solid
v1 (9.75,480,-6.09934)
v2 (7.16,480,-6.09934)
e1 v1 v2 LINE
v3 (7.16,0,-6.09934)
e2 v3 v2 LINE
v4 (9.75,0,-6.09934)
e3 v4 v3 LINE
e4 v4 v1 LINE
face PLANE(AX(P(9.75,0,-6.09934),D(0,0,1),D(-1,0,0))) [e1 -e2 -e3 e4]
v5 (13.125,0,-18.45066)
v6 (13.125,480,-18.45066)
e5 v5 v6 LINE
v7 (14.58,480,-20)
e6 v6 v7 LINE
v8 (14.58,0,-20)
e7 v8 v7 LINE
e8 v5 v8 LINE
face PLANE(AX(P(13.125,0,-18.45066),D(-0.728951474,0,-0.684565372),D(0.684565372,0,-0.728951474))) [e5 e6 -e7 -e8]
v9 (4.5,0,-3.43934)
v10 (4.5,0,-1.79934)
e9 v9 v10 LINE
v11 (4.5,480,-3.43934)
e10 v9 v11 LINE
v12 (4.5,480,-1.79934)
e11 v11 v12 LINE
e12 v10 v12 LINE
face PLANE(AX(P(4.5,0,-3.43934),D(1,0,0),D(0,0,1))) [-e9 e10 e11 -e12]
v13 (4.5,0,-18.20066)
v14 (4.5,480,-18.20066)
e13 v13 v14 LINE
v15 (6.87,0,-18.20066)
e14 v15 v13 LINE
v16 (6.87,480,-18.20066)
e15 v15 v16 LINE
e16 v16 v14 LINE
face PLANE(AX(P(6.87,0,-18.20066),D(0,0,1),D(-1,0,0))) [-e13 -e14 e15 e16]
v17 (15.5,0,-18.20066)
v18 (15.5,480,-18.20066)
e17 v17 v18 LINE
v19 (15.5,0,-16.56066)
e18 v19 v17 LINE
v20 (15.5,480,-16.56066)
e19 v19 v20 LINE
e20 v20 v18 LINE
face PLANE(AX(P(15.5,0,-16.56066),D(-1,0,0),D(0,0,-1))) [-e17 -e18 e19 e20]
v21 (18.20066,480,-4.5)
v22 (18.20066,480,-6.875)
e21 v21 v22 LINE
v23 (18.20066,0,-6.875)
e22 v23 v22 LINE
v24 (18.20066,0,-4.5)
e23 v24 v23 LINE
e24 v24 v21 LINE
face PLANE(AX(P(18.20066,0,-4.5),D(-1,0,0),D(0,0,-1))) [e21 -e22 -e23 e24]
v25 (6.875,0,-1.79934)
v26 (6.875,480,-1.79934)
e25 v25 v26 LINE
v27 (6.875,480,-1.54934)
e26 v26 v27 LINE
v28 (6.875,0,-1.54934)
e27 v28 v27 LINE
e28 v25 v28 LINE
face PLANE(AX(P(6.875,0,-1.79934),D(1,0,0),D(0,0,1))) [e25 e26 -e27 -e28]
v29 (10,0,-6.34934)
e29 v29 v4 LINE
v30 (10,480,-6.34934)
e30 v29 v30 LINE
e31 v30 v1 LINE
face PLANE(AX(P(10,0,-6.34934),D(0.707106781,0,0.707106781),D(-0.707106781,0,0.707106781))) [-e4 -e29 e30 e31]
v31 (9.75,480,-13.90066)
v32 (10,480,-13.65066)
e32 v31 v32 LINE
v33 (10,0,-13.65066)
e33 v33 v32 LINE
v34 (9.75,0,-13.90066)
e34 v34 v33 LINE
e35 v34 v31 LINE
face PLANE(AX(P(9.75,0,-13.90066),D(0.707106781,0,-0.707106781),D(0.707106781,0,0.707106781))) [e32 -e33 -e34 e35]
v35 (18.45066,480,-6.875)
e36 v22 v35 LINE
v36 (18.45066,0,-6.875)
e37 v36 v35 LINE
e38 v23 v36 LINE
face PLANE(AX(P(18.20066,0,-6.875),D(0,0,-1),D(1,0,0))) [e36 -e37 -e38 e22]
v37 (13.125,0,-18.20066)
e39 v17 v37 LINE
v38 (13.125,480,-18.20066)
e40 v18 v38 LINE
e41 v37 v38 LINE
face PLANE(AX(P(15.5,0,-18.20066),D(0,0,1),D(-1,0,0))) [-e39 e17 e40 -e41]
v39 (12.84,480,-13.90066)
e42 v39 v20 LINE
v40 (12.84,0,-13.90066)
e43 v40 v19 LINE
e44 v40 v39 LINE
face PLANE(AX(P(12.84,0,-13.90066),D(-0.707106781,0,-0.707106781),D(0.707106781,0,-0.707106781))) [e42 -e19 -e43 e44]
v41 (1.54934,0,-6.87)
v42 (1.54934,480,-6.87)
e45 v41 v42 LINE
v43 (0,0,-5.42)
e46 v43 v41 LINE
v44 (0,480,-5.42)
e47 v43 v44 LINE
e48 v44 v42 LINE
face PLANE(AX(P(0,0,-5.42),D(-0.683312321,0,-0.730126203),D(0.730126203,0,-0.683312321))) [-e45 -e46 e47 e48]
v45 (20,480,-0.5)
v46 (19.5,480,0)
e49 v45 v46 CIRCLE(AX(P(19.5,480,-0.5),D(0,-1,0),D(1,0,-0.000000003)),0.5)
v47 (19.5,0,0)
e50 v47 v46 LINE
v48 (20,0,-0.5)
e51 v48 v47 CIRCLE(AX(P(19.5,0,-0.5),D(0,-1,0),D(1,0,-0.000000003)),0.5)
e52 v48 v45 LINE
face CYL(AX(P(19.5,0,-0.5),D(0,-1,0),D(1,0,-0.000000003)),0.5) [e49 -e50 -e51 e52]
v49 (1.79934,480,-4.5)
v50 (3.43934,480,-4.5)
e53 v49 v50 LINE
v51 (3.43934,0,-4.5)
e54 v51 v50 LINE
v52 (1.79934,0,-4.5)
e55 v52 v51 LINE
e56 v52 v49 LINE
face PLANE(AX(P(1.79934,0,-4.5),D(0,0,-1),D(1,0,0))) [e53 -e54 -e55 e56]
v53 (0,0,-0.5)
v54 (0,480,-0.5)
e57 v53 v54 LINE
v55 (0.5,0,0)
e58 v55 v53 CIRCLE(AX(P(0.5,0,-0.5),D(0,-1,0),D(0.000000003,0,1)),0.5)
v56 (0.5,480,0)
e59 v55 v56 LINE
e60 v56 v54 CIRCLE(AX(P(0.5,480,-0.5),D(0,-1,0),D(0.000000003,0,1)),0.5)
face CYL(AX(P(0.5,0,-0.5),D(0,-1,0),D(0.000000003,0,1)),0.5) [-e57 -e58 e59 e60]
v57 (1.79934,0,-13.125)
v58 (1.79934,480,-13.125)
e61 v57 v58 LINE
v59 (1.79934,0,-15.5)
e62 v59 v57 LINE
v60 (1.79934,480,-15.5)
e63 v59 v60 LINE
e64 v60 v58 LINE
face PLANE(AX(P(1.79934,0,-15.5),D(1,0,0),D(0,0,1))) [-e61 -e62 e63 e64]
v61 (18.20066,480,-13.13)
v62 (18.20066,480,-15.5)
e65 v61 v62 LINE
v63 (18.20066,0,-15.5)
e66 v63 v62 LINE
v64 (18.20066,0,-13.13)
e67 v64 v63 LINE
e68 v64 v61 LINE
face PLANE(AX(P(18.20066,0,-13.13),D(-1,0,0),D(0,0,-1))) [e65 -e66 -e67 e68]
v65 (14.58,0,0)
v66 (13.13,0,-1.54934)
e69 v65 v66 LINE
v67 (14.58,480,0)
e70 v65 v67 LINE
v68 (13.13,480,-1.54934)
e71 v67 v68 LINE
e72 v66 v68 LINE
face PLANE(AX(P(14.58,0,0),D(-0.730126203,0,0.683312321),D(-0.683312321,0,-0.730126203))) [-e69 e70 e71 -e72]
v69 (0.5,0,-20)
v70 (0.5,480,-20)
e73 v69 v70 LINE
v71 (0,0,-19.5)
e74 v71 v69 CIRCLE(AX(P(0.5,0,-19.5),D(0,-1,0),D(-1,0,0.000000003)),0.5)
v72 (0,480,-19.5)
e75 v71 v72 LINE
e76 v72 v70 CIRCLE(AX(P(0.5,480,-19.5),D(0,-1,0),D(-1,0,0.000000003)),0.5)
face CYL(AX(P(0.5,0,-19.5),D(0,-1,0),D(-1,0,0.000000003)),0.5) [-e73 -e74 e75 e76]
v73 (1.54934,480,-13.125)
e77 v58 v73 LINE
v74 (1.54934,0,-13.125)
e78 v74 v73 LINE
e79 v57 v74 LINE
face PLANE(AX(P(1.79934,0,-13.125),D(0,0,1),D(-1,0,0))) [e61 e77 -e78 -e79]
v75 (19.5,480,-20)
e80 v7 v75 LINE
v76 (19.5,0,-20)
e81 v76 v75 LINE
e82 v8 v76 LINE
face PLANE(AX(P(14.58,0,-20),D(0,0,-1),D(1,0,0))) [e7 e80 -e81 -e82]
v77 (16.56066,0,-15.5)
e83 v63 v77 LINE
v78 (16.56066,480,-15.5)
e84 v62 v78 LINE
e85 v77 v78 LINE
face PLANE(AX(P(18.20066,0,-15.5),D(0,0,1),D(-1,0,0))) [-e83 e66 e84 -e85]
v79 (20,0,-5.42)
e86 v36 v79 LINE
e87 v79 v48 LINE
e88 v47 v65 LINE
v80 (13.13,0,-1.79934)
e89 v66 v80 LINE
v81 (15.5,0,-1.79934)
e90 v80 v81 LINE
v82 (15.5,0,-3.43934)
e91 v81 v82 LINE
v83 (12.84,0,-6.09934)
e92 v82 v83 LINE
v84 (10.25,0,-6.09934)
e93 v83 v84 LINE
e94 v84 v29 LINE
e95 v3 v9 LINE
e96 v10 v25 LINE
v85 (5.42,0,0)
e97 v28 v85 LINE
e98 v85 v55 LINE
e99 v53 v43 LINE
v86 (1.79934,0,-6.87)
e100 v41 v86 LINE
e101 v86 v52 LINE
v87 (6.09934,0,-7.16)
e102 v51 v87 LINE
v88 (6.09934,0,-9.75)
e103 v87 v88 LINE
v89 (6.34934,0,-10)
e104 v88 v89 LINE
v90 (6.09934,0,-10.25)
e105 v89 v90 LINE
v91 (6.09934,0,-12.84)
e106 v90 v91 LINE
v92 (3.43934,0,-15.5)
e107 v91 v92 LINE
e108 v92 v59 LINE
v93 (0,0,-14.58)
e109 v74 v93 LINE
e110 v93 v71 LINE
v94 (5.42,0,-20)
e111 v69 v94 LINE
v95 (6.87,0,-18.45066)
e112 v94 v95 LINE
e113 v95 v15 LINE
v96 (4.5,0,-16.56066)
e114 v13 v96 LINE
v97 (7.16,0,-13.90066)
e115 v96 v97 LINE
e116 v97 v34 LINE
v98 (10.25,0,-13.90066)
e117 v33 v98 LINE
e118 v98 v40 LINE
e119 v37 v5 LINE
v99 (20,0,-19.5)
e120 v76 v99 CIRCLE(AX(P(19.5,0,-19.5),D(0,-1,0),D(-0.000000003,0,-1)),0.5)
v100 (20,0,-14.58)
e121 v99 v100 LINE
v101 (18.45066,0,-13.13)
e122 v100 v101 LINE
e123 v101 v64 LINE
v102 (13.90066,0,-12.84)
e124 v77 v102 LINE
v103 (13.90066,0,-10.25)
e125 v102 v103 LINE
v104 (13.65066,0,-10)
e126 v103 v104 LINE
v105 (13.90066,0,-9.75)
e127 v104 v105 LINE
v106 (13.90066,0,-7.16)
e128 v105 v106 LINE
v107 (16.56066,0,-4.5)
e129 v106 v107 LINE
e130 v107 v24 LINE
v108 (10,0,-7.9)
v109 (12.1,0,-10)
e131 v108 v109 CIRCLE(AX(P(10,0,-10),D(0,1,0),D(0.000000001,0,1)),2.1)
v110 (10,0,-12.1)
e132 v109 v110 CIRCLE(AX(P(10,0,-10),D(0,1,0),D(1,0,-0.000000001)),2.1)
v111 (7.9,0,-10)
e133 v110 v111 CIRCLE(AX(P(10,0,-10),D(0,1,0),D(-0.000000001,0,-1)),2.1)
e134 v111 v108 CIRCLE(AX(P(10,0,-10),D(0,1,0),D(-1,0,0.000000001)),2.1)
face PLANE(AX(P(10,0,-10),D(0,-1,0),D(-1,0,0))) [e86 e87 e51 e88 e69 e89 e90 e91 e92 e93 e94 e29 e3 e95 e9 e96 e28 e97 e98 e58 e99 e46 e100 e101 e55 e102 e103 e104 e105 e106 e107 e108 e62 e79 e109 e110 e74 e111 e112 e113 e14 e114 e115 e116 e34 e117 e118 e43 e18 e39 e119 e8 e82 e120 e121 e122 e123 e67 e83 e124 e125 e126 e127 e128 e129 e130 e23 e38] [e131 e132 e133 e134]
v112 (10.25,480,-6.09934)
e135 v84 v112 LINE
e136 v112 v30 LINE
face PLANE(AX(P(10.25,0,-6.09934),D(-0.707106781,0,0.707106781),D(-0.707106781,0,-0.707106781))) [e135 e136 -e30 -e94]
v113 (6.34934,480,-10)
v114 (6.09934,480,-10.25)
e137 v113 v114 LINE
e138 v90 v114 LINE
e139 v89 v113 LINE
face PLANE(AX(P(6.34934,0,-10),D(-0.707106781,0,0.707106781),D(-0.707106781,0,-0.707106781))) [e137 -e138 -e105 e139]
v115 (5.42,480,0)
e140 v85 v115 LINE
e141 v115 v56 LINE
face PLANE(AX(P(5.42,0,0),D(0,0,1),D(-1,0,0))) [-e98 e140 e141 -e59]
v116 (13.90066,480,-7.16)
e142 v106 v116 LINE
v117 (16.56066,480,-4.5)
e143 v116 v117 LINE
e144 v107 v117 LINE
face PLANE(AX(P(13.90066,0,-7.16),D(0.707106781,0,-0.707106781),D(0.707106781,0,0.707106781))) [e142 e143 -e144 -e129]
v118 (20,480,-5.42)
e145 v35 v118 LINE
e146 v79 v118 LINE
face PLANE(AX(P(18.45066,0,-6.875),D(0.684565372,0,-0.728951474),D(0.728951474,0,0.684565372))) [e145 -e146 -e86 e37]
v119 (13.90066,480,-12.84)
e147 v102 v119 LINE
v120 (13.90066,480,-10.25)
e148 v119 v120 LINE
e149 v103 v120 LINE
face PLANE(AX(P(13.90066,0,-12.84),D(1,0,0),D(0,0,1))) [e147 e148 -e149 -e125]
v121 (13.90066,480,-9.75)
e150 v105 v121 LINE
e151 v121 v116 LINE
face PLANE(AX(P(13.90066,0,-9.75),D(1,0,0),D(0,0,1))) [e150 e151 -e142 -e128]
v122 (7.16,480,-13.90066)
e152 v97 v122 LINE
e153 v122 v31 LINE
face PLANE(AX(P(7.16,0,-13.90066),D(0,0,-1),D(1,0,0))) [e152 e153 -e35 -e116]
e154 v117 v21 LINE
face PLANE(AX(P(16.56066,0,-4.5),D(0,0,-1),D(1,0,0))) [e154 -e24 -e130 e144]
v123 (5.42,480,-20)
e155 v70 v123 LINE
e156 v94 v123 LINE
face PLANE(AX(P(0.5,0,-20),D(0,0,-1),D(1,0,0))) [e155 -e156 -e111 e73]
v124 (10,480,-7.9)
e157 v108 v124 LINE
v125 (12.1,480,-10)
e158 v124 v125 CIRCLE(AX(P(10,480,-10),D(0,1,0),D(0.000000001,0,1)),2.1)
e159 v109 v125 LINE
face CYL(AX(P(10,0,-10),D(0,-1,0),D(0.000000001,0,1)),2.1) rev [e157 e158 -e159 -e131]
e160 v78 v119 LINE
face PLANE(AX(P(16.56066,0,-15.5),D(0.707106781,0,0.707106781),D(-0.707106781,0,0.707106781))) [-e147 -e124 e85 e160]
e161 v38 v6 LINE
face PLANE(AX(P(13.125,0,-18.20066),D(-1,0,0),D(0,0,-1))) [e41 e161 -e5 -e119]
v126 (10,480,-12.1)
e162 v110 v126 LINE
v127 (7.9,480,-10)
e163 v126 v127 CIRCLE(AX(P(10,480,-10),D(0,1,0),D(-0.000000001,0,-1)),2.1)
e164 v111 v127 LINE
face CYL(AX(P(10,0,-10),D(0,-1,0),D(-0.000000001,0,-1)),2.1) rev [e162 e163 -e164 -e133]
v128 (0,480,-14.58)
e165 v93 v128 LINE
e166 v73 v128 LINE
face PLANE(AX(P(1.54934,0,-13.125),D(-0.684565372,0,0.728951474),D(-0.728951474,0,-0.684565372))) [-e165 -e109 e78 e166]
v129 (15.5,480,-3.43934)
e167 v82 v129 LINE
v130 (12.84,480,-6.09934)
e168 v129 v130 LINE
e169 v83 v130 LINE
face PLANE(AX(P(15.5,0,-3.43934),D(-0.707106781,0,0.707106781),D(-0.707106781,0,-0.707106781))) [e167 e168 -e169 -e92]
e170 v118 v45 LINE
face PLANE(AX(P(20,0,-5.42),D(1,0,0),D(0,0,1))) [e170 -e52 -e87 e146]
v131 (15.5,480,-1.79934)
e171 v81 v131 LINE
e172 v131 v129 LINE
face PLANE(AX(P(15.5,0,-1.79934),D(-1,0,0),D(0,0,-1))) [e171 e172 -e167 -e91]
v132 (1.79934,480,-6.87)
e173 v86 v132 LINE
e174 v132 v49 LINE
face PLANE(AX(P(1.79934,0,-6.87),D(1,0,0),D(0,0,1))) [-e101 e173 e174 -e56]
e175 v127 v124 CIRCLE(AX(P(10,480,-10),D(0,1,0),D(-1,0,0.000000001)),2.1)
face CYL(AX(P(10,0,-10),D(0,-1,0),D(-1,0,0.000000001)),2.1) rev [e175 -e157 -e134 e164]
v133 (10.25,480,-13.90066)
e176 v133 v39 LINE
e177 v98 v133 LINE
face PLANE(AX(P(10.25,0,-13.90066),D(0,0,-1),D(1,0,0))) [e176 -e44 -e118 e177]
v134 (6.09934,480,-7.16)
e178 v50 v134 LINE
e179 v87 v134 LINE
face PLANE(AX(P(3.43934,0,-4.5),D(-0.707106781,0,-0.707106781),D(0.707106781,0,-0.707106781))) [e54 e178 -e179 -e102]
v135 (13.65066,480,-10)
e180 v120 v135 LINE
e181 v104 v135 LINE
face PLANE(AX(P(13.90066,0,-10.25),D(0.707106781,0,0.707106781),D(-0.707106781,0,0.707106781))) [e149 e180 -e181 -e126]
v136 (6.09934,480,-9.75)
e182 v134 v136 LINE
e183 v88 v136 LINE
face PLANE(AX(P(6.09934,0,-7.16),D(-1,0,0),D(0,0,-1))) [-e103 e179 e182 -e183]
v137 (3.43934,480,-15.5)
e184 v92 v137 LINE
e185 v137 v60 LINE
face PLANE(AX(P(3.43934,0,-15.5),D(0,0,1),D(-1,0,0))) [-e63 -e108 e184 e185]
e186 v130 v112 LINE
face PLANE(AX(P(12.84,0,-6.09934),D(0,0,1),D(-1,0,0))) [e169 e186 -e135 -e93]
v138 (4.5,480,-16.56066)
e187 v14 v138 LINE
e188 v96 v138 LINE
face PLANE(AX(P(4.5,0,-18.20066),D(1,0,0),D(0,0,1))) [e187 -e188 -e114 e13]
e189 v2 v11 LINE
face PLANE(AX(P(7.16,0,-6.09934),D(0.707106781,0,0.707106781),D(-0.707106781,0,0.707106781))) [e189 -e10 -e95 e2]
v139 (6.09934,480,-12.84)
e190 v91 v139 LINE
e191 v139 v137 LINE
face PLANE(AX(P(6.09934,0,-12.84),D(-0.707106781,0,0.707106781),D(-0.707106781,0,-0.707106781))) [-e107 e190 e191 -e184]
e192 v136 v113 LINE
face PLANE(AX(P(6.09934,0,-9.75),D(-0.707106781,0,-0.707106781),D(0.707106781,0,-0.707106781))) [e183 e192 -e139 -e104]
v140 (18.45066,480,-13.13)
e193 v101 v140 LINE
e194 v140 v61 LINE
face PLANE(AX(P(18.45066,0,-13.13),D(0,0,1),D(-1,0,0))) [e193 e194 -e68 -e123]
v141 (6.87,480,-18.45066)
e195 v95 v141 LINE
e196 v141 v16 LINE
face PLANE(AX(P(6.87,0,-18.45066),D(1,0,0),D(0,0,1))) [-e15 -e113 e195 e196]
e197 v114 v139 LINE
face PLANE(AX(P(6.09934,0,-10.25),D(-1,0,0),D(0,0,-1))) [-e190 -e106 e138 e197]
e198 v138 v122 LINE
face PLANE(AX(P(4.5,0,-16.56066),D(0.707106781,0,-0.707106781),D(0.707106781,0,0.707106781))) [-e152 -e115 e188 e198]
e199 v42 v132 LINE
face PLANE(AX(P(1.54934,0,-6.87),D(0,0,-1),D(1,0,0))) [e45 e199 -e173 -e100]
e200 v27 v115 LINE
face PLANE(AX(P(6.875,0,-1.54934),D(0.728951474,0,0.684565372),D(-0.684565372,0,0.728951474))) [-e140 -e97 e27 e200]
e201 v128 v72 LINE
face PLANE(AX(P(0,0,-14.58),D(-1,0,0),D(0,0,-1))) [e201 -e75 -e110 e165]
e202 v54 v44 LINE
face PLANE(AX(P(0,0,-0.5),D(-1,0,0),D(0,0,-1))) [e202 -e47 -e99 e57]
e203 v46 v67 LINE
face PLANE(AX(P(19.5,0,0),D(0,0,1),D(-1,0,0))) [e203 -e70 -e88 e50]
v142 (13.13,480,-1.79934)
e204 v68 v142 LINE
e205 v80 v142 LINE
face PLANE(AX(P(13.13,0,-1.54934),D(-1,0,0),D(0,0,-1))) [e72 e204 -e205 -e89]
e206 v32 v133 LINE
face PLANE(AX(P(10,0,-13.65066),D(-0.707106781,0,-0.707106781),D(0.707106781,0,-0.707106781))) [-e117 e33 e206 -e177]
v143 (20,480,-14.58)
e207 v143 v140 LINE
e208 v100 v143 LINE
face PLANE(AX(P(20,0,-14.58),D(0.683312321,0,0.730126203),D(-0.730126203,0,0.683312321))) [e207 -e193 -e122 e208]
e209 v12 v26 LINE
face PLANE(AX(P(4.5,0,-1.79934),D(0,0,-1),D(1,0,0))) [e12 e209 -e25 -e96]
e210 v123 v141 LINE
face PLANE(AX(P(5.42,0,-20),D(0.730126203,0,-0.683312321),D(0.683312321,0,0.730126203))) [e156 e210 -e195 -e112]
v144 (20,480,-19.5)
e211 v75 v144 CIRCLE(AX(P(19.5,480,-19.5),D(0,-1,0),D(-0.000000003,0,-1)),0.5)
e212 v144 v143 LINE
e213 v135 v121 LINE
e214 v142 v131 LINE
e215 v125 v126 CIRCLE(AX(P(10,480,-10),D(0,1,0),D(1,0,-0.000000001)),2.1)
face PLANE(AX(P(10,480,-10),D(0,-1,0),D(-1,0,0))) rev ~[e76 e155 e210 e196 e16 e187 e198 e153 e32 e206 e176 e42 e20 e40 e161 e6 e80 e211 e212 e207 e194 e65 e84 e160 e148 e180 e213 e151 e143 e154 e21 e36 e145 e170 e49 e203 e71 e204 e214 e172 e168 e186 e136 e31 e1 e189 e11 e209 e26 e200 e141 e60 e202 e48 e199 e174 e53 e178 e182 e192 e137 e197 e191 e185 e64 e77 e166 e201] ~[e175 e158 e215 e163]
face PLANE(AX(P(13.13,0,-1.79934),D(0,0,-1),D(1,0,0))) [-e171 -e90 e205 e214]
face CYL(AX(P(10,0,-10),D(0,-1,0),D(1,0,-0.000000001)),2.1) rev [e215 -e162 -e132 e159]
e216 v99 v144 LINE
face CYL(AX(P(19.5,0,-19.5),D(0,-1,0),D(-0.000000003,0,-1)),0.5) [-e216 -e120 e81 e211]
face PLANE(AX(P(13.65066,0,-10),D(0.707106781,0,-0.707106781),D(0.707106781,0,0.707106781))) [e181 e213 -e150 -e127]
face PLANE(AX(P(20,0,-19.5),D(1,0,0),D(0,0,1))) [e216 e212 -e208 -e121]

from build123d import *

# Parameters (mm, degrees)
BOSS_EXTRUDE1_DEPTH = 480


with BuildPart() as part:
    # Sketch1 → Boss-Extrude1 (new body)
    with BuildSketch(Plane(origin=(0, 0, 0), x_dir=(1, 0, 0), z_dir=(0, 1, 0))):
        with BuildLine():
            Line((20, 5.42), (20, 0.5))
            ThreePointArc((20, 0.5), (19.853553391, 0.146446609), (19.5, 0))
            Line((19.5, 0), (14.58, 0))
            Line((14.58, 0), (13.13, 1.549339828))
            Line((13.13, 1.549339828), (13.13, 1.799339828))
            Line((13.13, 1.799339828), (15.5, 1.799339828))
            Line((15.5, 1.799339828), (15.5, 3.439339828))
            Line((15.5, 3.439339828), (12.84, 6.099339828))
            Line((12.84, 6.099339828), (10.25, 6.099339828))
            Line((10.25, 6.099339828), (10, 6.349339828))
            Line((10, 6.349339828), (9.75, 6.099339828))
            Line((9.75, 6.099339828), (7.16, 6.099339828))
            Line((7.16, 6.099339828), (4.5, 3.439339828))
            Line((4.5, 3.439339828), (4.5, 1.799339828))
            Line((4.5, 1.799339828), (6.875, 1.799339828))
            Line((6.875, 1.799339828), (6.875, 1.549339828))
            Line((6.875, 1.549339828), (5.42, 0))
            Line((5.42, 0), (0.5, 0))
            ThreePointArc((0.5, 0), (0.146446609, 0.146446609), (0, 0.5))
            Line((0, 0.5), (0, 5.42))
            Line((0, 5.42), (1.549339828, 6.87))
            Line((1.549339828, 6.87), (1.799339828, 6.87))
            Line((1.799339828, 6.87), (1.799339828, 4.5))
            Line((1.799339828, 4.5), (3.439339828, 4.5))
            Line((3.439339828, 4.5), (6.099339828, 7.16))
            Line((6.099339828, 7.16), (6.099339828, 9.75))
            Line((6.099339828, 9.75), (6.349339828, 10))
            Line((6.349339828, 10), (6.099339828, 10.25))
            Line((6.099339828, 10.25), (6.099339828, 12.84))
            Line((6.099339828, 12.84), (3.439339828, 15.5))
            Line((3.439339828, 15.5), (1.799339828, 15.5))
            Line((1.799339828, 15.5), (1.799339828, 13.125))
            Line((1.799339828, 13.125), (1.549339828, 13.125))
            Line((1.549339828, 13.125), (0, 14.58))
            Line((0, 14.58), (0, 19.5))
            ThreePointArc((0, 19.5), (0.146446609, 19.853553391), (0.5, 20))
            Line((0.5, 20), (5.42, 20))
            Line((5.42, 20), (6.87, 18.450660172))
            Line((6.87, 18.450660172), (6.87, 18.200660172))
            Line((6.87, 18.200660172), (4.5, 18.200660172))
            Line((4.5, 18.200660172), (4.5, 16.560660172))
            Line((4.5, 16.560660172), (7.16, 13.900660172))
            Line((7.16, 13.900660172), (9.75, 13.900660172))
            Line((9.75, 13.900660172), (10, 13.650660172))
            Line((10, 13.650660172), (10.25, 13.900660172))
            Line((10.25, 13.900660172), (12.84, 13.900660172))
            Line((12.84, 13.900660172), (15.5, 16.560660172))
            Line((15.5, 16.560660172), (15.5, 18.200660172))
            Line((15.5, 18.200660172), (13.125, 18.200660172))
            Line((13.125, 18.200660172), (13.125, 18.450660172))
            Line((13.125, 18.450660172), (14.58, 20))
            Line((14.58, 20), (19.5, 20))
            ThreePointArc((19.5, 20), (19.853553391, 19.853553391), (20, 19.5))
            Line((20, 19.5), (20, 14.58))
            Line((20, 14.58), (18.450660172, 13.13))
            Line((18.450660172, 13.13), (18.200660172, 13.13))
            Line((18.200660172, 13.13), (18.200660172, 15.5))
            Line((18.200660172, 15.5), (16.560660172, 15.5))
            Line((16.560660172, 15.5), (13.900660172, 12.84))
            Line((13.900660172, 12.84), (13.900660172, 10.25))
            Line((13.900660172, 10.25), (13.650660172, 10))
            Line((13.650660172, 10), (13.900660172, 9.75))
            Line((13.900660172, 9.75), (13.900660172, 7.16))
            Line((13.900660172, 7.16), (16.560660172, 4.5))
            Line((16.560660172, 4.5), (18.200660172, 4.5))
            Line((18.200660172, 4.5), (18.200660172, 6.875))
            Line((18.200660172, 6.875), (18.450660172, 6.875))
            Line((18.450660172, 6.875), (20, 5.42))
        make_face()
        with BuildLine():
            ThreePointArc((12.1, 10), (11.48492424, 11.48492424), (10, 12.1))
            ThreePointArc((10, 12.1), (8.51507576, 11.48492424), (7.9, 10))
            ThreePointArc((7.9, 10), (8.51507576, 8.51507576), (10, 7.9))
            ThreePointArc((10, 7.9), (11.48492424, 8.51507576), (12.1, 10))
        make_face(mode=Mode.SUBTRACT)
    extrude(amount=BOSS_EXTRUDE1_DEPTH)


solid = part.part
